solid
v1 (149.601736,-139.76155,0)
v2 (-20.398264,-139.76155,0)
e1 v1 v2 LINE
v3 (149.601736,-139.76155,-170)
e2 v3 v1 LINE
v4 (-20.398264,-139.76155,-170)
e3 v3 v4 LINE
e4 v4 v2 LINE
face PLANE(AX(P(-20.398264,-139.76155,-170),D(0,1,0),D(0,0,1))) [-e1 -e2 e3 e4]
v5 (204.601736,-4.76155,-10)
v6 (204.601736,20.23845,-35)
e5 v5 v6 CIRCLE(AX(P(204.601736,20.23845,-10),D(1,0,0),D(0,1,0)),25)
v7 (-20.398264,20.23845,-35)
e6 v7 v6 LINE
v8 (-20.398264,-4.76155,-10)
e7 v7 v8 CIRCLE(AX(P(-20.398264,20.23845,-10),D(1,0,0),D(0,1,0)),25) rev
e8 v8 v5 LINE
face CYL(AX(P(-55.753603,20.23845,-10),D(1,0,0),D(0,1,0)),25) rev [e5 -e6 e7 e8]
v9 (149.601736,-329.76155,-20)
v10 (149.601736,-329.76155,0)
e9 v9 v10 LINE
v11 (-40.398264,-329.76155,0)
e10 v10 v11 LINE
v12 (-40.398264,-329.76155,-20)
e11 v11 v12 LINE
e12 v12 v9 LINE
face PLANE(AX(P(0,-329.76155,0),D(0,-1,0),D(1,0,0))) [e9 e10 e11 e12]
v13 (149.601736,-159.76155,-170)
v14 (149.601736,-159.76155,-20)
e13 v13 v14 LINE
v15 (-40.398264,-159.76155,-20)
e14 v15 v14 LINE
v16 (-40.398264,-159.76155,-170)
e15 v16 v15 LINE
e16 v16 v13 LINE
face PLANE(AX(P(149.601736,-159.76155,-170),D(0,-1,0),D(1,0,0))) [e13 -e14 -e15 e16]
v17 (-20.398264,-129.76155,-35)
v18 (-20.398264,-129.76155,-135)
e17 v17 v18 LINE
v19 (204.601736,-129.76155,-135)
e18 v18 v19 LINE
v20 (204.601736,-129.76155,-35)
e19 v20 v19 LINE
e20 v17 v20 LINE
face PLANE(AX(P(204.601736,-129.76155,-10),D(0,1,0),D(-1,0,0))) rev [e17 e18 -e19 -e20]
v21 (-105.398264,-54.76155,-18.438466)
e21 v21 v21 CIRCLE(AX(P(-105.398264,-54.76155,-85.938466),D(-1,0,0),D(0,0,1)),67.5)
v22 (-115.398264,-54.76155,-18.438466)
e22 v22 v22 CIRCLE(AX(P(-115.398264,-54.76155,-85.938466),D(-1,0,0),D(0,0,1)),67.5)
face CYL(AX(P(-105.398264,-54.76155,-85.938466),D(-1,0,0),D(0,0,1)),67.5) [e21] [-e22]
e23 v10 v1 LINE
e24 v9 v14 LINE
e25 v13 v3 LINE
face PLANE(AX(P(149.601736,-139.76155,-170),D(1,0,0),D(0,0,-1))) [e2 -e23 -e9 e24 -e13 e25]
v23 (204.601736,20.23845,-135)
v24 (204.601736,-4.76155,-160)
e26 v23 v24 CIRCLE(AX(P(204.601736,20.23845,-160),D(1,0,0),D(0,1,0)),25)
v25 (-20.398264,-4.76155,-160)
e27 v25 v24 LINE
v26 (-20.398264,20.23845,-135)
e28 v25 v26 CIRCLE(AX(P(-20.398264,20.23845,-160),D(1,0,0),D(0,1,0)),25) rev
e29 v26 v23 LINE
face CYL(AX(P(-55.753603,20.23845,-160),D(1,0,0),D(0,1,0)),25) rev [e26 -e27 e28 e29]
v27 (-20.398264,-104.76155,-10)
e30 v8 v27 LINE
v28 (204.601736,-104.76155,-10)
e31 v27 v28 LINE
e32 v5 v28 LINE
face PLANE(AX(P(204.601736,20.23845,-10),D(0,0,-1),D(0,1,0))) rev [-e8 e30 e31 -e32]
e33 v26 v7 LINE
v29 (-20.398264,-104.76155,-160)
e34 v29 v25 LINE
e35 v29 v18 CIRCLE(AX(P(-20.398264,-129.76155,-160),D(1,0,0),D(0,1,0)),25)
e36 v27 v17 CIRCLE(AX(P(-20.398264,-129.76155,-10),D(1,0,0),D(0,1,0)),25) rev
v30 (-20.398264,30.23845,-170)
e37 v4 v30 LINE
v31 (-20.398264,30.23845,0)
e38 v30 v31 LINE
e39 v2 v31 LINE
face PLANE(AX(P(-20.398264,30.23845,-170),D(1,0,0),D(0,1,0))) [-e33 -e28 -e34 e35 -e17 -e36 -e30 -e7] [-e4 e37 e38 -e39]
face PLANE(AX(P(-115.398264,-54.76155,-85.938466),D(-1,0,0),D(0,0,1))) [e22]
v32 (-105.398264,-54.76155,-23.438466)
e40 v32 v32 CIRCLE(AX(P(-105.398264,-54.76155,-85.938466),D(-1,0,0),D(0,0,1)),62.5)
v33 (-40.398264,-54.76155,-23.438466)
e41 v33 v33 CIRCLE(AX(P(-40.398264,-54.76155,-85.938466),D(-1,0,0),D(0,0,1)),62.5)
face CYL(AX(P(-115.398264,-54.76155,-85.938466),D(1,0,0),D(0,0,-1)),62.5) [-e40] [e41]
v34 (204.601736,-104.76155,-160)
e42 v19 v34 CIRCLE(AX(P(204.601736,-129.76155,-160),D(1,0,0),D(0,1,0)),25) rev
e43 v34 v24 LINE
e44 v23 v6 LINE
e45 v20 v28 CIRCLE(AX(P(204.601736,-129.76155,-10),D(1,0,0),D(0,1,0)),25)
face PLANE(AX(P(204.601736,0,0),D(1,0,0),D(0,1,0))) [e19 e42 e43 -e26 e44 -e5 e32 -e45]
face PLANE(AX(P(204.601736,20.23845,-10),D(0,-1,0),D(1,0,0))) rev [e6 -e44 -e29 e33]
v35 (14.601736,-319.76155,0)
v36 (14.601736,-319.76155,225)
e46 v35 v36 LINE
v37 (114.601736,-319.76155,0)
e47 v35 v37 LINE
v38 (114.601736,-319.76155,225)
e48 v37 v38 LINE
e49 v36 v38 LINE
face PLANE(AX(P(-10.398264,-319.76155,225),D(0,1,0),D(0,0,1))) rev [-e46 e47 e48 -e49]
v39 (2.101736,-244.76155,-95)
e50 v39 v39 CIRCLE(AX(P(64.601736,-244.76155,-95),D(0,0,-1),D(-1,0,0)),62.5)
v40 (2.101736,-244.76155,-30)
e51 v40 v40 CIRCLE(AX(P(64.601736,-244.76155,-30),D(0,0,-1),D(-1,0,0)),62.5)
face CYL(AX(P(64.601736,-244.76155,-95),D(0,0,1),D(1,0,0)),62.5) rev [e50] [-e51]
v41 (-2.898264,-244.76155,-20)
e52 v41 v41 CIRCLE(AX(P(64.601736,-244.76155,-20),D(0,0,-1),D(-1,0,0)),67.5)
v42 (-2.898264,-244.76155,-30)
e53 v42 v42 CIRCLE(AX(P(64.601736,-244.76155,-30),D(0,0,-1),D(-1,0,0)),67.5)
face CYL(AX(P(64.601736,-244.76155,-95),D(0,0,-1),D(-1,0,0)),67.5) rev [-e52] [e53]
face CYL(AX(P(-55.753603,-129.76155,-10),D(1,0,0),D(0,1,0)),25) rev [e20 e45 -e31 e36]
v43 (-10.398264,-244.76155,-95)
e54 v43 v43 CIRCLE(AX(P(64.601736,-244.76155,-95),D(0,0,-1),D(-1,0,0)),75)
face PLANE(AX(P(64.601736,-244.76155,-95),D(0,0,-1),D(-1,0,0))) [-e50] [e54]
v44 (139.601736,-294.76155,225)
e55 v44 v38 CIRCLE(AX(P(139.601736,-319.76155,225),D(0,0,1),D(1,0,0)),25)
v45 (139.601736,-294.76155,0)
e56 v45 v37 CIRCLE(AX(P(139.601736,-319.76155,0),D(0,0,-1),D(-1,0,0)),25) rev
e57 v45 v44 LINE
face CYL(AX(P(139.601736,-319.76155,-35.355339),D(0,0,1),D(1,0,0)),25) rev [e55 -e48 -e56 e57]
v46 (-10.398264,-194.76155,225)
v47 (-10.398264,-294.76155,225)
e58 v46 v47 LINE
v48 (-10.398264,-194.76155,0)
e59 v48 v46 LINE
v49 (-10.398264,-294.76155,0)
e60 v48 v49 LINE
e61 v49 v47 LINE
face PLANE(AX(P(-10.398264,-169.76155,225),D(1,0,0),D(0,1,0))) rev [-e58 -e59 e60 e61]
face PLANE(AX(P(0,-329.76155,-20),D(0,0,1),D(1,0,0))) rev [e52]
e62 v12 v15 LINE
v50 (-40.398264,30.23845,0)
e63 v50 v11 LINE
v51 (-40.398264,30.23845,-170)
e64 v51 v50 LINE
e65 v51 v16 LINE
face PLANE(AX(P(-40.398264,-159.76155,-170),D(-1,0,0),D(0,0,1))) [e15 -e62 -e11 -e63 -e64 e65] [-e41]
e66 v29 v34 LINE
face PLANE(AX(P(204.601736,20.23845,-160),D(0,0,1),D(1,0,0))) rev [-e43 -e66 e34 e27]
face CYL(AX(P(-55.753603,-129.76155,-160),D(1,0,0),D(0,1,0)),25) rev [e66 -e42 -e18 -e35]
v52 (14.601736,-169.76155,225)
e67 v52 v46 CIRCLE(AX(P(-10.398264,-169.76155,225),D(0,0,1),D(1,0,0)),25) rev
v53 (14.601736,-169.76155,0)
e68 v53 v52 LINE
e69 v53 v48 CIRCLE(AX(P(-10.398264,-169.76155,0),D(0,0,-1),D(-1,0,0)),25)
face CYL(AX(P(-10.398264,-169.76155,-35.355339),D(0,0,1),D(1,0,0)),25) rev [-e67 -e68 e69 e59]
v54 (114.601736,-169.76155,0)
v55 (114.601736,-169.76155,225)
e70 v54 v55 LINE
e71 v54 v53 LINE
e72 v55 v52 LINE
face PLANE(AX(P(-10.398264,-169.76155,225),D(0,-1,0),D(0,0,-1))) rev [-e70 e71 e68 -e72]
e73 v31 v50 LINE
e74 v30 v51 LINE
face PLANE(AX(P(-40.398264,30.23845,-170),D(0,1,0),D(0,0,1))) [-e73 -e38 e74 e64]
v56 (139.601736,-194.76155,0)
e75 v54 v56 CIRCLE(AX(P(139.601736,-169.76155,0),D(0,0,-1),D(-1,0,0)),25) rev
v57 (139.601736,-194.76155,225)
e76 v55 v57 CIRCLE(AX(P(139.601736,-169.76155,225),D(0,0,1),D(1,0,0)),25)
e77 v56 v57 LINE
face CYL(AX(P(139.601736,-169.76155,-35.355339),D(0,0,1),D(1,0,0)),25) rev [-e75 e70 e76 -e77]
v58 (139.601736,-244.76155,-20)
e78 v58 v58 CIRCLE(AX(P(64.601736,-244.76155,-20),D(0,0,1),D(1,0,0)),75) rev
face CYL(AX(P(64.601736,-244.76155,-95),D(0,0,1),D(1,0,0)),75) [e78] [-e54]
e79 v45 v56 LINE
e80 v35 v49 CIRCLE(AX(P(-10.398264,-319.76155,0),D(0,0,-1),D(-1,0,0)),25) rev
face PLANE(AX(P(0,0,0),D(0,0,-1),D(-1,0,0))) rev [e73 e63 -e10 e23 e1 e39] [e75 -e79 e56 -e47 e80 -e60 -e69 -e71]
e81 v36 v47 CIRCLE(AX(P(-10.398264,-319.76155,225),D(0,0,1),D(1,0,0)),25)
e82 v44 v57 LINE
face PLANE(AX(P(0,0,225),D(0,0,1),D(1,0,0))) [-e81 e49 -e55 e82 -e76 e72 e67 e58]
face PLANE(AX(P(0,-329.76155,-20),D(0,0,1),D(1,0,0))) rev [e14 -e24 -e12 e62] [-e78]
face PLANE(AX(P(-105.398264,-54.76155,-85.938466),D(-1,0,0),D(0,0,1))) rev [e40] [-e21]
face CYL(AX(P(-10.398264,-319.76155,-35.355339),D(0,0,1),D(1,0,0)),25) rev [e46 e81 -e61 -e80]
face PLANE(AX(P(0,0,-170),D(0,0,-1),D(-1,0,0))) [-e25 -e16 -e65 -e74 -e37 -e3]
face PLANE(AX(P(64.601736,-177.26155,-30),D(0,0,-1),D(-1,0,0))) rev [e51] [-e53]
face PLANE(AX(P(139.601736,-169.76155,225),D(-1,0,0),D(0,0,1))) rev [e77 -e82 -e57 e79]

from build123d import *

# Parameters (mm, degrees)
BOSS_EXTRUDE1_DEPTH = 170
SKETCH3_R           = 62.5
BOSS_EXTRUDE2_DEPTH = 75
SKETCH4_W           = 150
SKETCH4_H           = 150
BOSS_EXTRUDE3_DEPTH = 225
CUT_EXTRUDE6_DEPTH  = 225
SKETCH7_W           = 190
SKETCH7_H           = 20
BOSS_EXTRUDE5_DEPTH = 170
SKETCH10_W          = 150
SKETCH10_H          = 150
BOSS_EXTRUDE7_DEPTH = 225
CUT_EXTRUDE7_DEPTH  = 225
SKETCH12_R          = 75
SKETCH12_R_2        = 62.5
BOSS_EXTRUDE8_DEPTH = 75
BOSS_EXTRUDE9_START = -10
SKETCH13_R          = 67.5
SKETCH13_R_2        = 62.5
BOSS_EXTRUDE9_DEPTH = 10
SKETCH14_W          = 10
SKETCH14_H          = 14.038601632


with BuildPart() as part:
    # Sketch2 → Boss-Extrude1 (new body)
    with BuildSketch(Plane.XY):
        Polygon((-40.398264296, 30.238450413), (-20.398264296, 30.238450413), (-20.398264296, -139.761549587), (149.601735704, -139.761549587), (149.601735704, -159.761549587), (-40.398264296, -159.761549587), align=None)
    extrude(amount=-BOSS_EXTRUDE1_DEPTH)

    # Sketch3 → Boss-Extrude2 (add)
    with BuildSketch(Plane.ZY.offset(40.398264296)):
        with Locations((-85.93846623, -54.761549587)):
            Circle(SKETCH3_R)
    extrude(amount=BOSS_EXTRUDE2_DEPTH)

    # Sketch4 → Boss-Extrude3 (add)
    with BuildSketch(Plane(origin=(-20.398264296, 0, 0), x_dir=(0, 0, -1), z_dir=(1, 0, 0))):
        with Locations((85, -54.761549587)):
            Rectangle(SKETCH4_W, SKETCH4_H)
    extrude(amount=BOSS_EXTRUDE3_DEPTH)

    # Sketch5 → Cut-Extrude6 (cut)
    with BuildSketch(Plane(origin=(204.601735704, 0, 0), x_dir=(0, 0, -1), z_dir=(1, 0, 0))):
        with BuildLine():
            Line((35, 20.238450413), (10, 20.238450413))
            Line((10, 20.238450413), (10, -4.761549587))
            ThreePointArc((10, -4.761549587), (27.67766953, 2.560780883), (35, 20.238450413))
        make_face()
        with BuildLine():
            ThreePointArc((35, -129.761549587), (27.67766953, -112.083880057), (10, -104.761549587))
            Line((10, -104.761549587), (10, -129.761549587))
            Line((10, -129.761549587), (35, -129.761549587))
        make_face()
        with BuildLine():
            ThreePointArc((160, -104.761549587), (142.32233047, -112.083880057), (135, -129.761549587))
            Line((135, -129.761549587), (160, -129.761549587))
            Line((160, -129.761549587), (160, -104.761549587))
        make_face()
        with BuildLine():
            Line((160, 20.238450413), (135, 20.238450413))
            ThreePointArc((135, 20.238450413), (142.32233047, 2.560780883), (160, -4.761549587))
            Line((160, -4.761549587), (160, 20.238450413))
        make_face()
    extrude(amount=-CUT_EXTRUDE6_DEPTH, mode=Mode.SUBTRACT)

    # Sketch7 → Boss-Extrude5 (add)
    with BuildSketch(Plane.XZ.offset(159.761549587)):
        with Locations((54.601735704, -10)):
            Rectangle(SKETCH7_W, SKETCH7_H)
    extrude(amount=BOSS_EXTRUDE5_DEPTH)

    # Sketch10 → Boss-Extrude7 (add)
    with BuildSketch(Plane.XY):
        with Locations((64.601735704, -244.761549587)):
            Rectangle(SKETCH10_W, SKETCH10_H)
    extrude(amount=BOSS_EXTRUDE7_DEPTH)

    # Sketch11 → Cut-Extrude7 (cut)
    with BuildSketch(Plane.XY.offset(225)):
        with BuildLine():
            Line((14.601735704, -169.761549587), (-10.398264296, -169.761549587))
            Line((-10.398264296, -169.761549587), (-10.398264296, -194.761549587))
            ThreePointArc((-10.398264296, -194.761549587), (7.279405234, -187.439219117), (14.601735704, -169.761549587))
        make_face()
        with BuildLine():
            Line((139.601735704, -169.761549587), (114.601735704, -169.761549587))
            ThreePointArc((114.601735704, -169.761549587), (121.924066175, -187.439219117), (139.601735704, -194.761549587))
            Line((139.601735704, -194.761549587), (139.601735704, -169.761549587))
        make_face()
        with BuildLine():
            ThreePointArc((139.601735704, -294.761549587), (121.924066175, -302.083880057), (114.601735704, -319.761549587))
            Line((114.601735704, -319.761549587), (139.601735704, -319.761549587))
            Line((139.601735704, -319.761549587), (139.601735704, -294.761549587))
        make_face()
        with BuildLine():
            ThreePointArc((14.601735704, -319.761549587), (7.279405234, -302.083880057), (-10.398264296, -294.761549587))
            Line((-10.398264296, -294.761549587), (-10.398264296, -319.761549587))
            Line((-10.398264296, -319.761549587), (14.601735704, -319.761549587))
        make_face()
    extrude(amount=-CUT_EXTRUDE7_DEPTH, mode=Mode.SUBTRACT)

    # Sketch12 → Boss-Extrude8 (add)
    with BuildSketch(Plane(origin=(0, 0, -20), x_dir=(-1, 0, 0), z_dir=(0, 0, -1))):
        with Locations(Location((-64.601735704, -244.761549587, 0), (0, 0, 180))):
            Circle(SKETCH12_R)
        with Locations((-64.601735704, -244.761549587)):
            Circle(SKETCH12_R_2, mode=Mode.SUBTRACT)
    extrude(amount=BOSS_EXTRUDE8_DEPTH)

    # Sketch13 → Boss-Extrude9 (add)
    with BuildSketch(Plane.ZY.offset(115.398264296).offset(BOSS_EXTRUDE9_START)):
        with Locations((-85.93846623, -54.761549587)):
            Circle(SKETCH13_R)
        with Locations((-85.93846623, -54.761549587)):
            Circle(SKETCH13_R_2, mode=Mode.SUBTRACT)
    extrude(amount=BOSS_EXTRUDE9_DEPTH)

    # Sketch14 → Cut-Revolve1 (revolve, cut)
    with BuildSketch(Plane(origin=(64.601735704, 0, 0), x_dir=(0, 0, -1), z_dir=(1, 0, 0)), mode=Mode.PRIVATE) as cut_revolve1_sk:
        with Locations((25, -184.280850403)):
            Rectangle(SKETCH14_W, SKETCH14_H)
    revolve(cut_revolve1_sk.sketch.rotate(Axis((64.601735704, -244.761549587, -95), (0, 0, 1)), 90), axis=Axis((64.601735704, -244.761549587, -95), (0, 0, 1)), mode=Mode.SUBTRACT)


solid = part.part
